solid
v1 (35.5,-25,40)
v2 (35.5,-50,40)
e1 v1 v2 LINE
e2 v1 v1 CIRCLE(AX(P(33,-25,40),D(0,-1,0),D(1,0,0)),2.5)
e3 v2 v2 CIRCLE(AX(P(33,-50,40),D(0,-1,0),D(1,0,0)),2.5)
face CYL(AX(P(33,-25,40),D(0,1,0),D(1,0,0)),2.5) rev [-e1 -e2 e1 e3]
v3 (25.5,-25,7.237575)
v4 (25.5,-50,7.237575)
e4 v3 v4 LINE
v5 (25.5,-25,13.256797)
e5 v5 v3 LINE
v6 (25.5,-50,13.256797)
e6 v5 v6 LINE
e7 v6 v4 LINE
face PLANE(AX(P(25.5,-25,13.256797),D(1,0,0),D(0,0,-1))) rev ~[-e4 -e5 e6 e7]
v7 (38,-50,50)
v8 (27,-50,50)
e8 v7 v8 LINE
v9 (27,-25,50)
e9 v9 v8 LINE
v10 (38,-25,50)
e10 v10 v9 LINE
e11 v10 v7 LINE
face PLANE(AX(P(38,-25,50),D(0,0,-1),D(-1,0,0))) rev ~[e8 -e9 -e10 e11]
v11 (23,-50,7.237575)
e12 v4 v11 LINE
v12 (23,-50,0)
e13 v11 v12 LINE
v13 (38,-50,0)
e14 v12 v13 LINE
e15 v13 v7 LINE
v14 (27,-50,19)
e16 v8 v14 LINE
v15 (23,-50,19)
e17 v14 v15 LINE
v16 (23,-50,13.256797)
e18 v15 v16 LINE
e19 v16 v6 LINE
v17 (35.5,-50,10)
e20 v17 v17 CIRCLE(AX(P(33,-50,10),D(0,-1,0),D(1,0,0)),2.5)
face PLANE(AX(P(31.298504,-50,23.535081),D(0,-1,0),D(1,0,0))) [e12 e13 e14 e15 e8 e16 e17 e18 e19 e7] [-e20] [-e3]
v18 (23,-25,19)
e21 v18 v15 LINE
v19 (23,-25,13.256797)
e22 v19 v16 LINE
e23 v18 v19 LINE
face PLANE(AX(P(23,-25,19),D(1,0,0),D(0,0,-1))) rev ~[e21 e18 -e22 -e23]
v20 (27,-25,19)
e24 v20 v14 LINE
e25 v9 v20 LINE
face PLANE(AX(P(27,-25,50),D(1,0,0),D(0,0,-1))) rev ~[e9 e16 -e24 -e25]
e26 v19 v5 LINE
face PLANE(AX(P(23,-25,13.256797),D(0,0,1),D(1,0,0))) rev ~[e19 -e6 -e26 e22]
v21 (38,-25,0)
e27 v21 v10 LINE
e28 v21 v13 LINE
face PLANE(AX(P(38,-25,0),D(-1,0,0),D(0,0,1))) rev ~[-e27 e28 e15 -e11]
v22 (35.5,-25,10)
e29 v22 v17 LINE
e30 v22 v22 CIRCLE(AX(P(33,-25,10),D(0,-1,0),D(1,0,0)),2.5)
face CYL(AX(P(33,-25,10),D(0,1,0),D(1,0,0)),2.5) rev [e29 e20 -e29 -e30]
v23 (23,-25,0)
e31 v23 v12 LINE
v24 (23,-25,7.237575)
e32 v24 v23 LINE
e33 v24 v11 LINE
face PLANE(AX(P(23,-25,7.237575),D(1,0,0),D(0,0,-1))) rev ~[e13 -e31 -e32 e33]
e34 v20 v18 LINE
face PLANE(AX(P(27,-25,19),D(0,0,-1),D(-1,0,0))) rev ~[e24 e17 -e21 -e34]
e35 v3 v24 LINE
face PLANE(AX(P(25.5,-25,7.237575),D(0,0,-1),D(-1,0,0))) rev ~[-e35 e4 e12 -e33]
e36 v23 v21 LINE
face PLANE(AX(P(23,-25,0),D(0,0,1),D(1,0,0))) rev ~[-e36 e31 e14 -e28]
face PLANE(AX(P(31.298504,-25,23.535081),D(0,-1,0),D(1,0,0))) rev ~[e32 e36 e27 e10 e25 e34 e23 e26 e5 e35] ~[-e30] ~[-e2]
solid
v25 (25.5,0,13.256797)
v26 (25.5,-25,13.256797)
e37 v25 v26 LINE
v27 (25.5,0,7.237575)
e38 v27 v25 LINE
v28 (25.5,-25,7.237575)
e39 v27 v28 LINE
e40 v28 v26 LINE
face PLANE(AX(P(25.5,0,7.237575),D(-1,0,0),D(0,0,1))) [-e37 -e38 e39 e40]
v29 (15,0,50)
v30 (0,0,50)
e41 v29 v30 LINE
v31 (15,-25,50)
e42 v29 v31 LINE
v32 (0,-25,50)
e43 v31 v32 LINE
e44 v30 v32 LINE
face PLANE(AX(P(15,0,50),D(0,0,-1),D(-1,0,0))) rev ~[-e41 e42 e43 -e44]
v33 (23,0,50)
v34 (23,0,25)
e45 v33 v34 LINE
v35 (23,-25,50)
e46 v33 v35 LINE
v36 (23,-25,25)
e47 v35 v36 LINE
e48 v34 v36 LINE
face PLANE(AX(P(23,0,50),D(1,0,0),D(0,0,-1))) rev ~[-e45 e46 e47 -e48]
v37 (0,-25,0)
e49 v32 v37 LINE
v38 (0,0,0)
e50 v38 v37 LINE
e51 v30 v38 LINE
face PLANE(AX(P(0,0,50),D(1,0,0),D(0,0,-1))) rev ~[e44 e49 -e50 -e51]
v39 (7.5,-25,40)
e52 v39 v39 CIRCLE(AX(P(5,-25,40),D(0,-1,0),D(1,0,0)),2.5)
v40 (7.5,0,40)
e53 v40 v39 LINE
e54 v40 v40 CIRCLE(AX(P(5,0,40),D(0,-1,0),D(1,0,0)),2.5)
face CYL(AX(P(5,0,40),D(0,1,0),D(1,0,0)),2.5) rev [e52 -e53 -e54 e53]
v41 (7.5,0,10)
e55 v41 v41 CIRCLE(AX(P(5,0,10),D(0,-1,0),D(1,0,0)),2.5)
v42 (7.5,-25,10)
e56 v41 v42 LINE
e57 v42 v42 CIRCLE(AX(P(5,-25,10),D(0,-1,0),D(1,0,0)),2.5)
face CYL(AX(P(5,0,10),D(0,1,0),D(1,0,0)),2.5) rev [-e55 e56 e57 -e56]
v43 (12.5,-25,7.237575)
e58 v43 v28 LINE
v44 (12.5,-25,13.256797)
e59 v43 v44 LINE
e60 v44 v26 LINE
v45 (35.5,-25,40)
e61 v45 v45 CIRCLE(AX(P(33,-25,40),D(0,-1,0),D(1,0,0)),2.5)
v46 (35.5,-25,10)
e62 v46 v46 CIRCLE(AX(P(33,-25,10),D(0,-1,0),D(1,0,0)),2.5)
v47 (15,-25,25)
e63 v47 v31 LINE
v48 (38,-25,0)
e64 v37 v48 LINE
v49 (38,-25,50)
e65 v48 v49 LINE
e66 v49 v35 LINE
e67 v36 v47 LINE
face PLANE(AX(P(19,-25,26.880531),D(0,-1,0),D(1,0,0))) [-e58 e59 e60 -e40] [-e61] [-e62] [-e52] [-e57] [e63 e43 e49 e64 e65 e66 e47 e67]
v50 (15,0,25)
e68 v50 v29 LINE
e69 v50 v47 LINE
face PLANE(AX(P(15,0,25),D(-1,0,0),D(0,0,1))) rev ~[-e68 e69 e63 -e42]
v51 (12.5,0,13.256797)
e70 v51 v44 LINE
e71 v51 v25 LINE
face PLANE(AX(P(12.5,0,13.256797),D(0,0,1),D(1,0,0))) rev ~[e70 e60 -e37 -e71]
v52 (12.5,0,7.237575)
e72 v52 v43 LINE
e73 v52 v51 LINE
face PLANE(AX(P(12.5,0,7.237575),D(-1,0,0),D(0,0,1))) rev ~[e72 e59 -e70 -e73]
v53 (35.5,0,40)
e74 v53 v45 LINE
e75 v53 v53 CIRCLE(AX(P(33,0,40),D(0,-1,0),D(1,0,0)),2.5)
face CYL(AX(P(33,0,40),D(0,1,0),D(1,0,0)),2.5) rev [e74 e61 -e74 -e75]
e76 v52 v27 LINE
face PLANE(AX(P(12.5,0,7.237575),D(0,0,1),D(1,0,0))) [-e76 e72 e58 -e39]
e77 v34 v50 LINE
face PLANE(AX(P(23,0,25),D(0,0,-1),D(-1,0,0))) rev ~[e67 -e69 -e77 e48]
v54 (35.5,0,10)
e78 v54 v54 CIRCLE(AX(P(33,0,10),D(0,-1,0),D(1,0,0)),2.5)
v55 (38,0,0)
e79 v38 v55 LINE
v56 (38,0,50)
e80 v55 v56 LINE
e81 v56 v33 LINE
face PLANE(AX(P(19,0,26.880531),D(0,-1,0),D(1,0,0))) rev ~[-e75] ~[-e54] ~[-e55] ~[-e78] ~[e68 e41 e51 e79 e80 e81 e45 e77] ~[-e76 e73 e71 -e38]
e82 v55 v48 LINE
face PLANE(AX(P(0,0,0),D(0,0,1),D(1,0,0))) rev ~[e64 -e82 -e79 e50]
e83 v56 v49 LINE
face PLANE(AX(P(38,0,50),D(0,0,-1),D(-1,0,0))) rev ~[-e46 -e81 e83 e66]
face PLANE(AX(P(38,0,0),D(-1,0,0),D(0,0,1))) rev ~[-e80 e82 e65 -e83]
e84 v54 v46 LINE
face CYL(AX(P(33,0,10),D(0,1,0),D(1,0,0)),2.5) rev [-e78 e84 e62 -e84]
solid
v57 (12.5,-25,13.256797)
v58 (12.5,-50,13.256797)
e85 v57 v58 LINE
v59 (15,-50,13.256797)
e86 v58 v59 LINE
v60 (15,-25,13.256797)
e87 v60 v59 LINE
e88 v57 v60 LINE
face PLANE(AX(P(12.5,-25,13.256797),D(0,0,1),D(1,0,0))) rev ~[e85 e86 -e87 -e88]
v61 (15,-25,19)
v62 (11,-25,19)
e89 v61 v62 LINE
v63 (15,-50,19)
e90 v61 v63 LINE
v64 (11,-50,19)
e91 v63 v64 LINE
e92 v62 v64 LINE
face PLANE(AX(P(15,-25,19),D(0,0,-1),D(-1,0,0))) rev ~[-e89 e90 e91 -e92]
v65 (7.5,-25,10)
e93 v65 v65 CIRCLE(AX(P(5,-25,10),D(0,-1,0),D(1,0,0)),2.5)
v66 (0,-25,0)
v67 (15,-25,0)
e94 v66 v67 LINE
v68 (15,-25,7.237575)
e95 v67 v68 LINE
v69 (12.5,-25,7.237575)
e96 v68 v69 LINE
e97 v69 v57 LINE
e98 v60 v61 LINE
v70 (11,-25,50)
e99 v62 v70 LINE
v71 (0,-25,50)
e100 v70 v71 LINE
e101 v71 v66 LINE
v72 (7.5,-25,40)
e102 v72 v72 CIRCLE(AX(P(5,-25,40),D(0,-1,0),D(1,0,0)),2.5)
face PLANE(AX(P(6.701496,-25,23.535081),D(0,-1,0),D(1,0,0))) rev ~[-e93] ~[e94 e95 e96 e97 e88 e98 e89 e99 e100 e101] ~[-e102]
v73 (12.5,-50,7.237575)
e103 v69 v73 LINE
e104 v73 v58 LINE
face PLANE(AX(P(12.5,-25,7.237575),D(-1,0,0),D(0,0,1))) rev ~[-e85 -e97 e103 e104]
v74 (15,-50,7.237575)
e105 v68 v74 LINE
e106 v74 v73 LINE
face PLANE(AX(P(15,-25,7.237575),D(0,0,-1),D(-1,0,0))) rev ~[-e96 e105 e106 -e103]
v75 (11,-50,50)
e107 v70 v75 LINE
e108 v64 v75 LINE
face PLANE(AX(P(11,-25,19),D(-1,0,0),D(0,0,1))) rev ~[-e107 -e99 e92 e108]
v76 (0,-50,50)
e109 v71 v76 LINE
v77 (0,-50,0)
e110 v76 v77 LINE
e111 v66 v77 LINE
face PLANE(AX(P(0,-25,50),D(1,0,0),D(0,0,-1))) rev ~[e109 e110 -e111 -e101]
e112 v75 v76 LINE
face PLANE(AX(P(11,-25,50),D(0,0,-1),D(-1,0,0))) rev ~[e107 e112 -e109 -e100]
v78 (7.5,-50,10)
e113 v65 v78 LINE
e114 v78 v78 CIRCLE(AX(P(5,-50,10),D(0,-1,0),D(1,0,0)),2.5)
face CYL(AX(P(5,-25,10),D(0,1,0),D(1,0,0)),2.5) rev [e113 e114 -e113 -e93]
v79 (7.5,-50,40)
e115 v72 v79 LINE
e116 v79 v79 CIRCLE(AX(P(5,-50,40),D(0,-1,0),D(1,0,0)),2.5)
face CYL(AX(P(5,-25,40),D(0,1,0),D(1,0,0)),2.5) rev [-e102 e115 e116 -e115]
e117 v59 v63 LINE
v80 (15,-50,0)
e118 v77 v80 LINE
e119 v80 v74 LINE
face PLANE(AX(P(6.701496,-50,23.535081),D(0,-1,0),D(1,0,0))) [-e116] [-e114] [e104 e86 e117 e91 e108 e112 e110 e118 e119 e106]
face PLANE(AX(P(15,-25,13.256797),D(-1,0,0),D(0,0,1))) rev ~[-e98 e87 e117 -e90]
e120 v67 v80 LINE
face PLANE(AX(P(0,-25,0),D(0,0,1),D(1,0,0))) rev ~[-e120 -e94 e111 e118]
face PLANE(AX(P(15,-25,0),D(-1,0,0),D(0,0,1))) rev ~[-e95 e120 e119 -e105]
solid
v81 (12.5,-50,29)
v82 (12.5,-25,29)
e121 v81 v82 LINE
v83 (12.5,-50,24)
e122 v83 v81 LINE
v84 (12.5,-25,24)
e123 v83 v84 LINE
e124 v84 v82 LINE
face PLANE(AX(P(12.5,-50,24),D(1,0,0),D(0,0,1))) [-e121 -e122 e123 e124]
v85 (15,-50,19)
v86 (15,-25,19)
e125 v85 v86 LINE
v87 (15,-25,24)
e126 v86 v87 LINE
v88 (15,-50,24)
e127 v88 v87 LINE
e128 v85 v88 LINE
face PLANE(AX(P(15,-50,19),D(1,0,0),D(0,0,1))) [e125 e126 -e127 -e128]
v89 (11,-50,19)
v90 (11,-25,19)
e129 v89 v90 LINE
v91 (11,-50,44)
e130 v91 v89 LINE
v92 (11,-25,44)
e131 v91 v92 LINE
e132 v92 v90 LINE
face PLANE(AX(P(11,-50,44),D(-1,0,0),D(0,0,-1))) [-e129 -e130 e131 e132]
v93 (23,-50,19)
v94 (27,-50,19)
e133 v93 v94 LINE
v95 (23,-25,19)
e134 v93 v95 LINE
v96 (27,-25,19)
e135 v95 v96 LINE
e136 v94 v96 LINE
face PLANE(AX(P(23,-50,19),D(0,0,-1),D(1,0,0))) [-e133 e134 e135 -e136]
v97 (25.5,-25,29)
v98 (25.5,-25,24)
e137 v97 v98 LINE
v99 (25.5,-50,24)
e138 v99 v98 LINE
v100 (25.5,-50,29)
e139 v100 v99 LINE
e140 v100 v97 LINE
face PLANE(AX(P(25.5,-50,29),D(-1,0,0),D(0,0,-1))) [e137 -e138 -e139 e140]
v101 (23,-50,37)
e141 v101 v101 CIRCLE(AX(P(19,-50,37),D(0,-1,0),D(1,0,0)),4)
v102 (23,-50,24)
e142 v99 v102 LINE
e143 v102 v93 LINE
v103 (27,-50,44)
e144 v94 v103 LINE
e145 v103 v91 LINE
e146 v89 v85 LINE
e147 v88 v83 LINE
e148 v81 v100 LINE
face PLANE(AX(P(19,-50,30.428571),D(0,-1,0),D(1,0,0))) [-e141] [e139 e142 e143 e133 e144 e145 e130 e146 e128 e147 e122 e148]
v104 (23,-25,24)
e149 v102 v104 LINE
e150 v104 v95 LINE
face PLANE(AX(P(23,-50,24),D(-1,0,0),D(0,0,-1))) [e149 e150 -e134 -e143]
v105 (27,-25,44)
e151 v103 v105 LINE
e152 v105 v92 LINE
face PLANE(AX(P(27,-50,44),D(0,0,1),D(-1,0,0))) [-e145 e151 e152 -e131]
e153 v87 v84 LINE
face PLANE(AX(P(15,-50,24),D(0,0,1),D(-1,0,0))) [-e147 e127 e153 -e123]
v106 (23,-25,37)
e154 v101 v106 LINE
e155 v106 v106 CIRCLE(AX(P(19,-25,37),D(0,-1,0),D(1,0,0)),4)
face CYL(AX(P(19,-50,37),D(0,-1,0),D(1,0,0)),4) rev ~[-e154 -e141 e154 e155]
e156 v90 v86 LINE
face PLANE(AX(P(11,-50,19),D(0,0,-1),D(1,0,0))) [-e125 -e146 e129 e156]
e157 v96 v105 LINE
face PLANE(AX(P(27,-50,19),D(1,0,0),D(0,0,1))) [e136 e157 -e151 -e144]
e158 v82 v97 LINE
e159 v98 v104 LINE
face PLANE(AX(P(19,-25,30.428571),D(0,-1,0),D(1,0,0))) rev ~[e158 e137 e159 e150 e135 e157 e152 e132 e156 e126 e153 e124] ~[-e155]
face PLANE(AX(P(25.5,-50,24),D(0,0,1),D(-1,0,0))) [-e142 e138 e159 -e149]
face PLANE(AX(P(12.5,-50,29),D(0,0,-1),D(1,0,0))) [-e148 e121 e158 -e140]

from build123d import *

# Parameters (mm, degrees)
F0_R     = 2.5
F0_W     = 13
F0_H     = 6.019222
F1_DEPTH = 25
F2_R     = 2.5
F3_DEPTH = 25
F4_R     = 4
F5_DEPTH = 25


with BuildPart() as f1:
    # F0 (on Front) → F1 (new body)
    with BuildSketch(Plane.XZ):
        Polygon((0, 50), (0, 0), (38, 0), (38, 50), (23, 50), (23, 25), (15, 25), (15, 50), align=None)
        with Locations((5, 10)):
            Circle(F0_R, mode=Mode.SUBTRACT)
        with Locations((19, 10.247186)):
            Rectangle(F0_W, F0_H, mode=Mode.SUBTRACT)
        with Locations((33, 10)):
            Circle(F0_R, mode=Mode.SUBTRACT)
        with Locations((5, 40)):
            Circle(F0_R, mode=Mode.SUBTRACT)
        with Locations((33, 40)):
            Circle(F0_R, mode=Mode.SUBTRACT)
    extrude(amount=F1_DEPTH)


with BuildPart() as f3:
    # F2 (on face) → F3 (new body)
    with BuildSketch(Plane.XZ.offset(25)):
        Polygon((11, 19), (11, 50), (0, 50), (0, 0), (11, 0), (15, 0), (15, 7.237575), (12.5, 7.237575), (12.5, 13.256797), (15, 13.256797), (15, 19), align=None)
        with Locations((5, 10)):
            Circle(F2_R, mode=Mode.SUBTRACT)
        with Locations((5, 40)):
            Circle(F2_R, mode=Mode.SUBTRACT)
        Polygon((27, 0), (38, 0), (38, 50), (27, 50), (27, 19), (23, 19), (23, 13.256797), (25.5, 13.256797), (25.5, 7.237575), (23, 7.237575), (23, 0), align=None)
        with Locations((33, 10)):
            Circle(F2_R, mode=Mode.SUBTRACT)
        with Locations((33, 40)):
            Circle(F2_R, mode=Mode.SUBTRACT)
    extrude(amount=F3_DEPTH)


with BuildPart() as f5:
    # F4 (on face) → F5 (new body)
    with BuildSketch(Plane.XZ.offset(50)):
        Polygon((23, 19), (27, 19), (27, 44), (11, 44), (11, 19), (15, 19), (15, 24), (12.5, 24), (12.5, 29), (25.5, 29), (25.5, 24), (23, 24), align=None)
        with Locations((19, 37)):
            Circle(F4_R, mode=Mode.SUBTRACT)
    extrude(amount=-F5_DEPTH)


solid = Compound([f1.part, f3.part, f5.part])
